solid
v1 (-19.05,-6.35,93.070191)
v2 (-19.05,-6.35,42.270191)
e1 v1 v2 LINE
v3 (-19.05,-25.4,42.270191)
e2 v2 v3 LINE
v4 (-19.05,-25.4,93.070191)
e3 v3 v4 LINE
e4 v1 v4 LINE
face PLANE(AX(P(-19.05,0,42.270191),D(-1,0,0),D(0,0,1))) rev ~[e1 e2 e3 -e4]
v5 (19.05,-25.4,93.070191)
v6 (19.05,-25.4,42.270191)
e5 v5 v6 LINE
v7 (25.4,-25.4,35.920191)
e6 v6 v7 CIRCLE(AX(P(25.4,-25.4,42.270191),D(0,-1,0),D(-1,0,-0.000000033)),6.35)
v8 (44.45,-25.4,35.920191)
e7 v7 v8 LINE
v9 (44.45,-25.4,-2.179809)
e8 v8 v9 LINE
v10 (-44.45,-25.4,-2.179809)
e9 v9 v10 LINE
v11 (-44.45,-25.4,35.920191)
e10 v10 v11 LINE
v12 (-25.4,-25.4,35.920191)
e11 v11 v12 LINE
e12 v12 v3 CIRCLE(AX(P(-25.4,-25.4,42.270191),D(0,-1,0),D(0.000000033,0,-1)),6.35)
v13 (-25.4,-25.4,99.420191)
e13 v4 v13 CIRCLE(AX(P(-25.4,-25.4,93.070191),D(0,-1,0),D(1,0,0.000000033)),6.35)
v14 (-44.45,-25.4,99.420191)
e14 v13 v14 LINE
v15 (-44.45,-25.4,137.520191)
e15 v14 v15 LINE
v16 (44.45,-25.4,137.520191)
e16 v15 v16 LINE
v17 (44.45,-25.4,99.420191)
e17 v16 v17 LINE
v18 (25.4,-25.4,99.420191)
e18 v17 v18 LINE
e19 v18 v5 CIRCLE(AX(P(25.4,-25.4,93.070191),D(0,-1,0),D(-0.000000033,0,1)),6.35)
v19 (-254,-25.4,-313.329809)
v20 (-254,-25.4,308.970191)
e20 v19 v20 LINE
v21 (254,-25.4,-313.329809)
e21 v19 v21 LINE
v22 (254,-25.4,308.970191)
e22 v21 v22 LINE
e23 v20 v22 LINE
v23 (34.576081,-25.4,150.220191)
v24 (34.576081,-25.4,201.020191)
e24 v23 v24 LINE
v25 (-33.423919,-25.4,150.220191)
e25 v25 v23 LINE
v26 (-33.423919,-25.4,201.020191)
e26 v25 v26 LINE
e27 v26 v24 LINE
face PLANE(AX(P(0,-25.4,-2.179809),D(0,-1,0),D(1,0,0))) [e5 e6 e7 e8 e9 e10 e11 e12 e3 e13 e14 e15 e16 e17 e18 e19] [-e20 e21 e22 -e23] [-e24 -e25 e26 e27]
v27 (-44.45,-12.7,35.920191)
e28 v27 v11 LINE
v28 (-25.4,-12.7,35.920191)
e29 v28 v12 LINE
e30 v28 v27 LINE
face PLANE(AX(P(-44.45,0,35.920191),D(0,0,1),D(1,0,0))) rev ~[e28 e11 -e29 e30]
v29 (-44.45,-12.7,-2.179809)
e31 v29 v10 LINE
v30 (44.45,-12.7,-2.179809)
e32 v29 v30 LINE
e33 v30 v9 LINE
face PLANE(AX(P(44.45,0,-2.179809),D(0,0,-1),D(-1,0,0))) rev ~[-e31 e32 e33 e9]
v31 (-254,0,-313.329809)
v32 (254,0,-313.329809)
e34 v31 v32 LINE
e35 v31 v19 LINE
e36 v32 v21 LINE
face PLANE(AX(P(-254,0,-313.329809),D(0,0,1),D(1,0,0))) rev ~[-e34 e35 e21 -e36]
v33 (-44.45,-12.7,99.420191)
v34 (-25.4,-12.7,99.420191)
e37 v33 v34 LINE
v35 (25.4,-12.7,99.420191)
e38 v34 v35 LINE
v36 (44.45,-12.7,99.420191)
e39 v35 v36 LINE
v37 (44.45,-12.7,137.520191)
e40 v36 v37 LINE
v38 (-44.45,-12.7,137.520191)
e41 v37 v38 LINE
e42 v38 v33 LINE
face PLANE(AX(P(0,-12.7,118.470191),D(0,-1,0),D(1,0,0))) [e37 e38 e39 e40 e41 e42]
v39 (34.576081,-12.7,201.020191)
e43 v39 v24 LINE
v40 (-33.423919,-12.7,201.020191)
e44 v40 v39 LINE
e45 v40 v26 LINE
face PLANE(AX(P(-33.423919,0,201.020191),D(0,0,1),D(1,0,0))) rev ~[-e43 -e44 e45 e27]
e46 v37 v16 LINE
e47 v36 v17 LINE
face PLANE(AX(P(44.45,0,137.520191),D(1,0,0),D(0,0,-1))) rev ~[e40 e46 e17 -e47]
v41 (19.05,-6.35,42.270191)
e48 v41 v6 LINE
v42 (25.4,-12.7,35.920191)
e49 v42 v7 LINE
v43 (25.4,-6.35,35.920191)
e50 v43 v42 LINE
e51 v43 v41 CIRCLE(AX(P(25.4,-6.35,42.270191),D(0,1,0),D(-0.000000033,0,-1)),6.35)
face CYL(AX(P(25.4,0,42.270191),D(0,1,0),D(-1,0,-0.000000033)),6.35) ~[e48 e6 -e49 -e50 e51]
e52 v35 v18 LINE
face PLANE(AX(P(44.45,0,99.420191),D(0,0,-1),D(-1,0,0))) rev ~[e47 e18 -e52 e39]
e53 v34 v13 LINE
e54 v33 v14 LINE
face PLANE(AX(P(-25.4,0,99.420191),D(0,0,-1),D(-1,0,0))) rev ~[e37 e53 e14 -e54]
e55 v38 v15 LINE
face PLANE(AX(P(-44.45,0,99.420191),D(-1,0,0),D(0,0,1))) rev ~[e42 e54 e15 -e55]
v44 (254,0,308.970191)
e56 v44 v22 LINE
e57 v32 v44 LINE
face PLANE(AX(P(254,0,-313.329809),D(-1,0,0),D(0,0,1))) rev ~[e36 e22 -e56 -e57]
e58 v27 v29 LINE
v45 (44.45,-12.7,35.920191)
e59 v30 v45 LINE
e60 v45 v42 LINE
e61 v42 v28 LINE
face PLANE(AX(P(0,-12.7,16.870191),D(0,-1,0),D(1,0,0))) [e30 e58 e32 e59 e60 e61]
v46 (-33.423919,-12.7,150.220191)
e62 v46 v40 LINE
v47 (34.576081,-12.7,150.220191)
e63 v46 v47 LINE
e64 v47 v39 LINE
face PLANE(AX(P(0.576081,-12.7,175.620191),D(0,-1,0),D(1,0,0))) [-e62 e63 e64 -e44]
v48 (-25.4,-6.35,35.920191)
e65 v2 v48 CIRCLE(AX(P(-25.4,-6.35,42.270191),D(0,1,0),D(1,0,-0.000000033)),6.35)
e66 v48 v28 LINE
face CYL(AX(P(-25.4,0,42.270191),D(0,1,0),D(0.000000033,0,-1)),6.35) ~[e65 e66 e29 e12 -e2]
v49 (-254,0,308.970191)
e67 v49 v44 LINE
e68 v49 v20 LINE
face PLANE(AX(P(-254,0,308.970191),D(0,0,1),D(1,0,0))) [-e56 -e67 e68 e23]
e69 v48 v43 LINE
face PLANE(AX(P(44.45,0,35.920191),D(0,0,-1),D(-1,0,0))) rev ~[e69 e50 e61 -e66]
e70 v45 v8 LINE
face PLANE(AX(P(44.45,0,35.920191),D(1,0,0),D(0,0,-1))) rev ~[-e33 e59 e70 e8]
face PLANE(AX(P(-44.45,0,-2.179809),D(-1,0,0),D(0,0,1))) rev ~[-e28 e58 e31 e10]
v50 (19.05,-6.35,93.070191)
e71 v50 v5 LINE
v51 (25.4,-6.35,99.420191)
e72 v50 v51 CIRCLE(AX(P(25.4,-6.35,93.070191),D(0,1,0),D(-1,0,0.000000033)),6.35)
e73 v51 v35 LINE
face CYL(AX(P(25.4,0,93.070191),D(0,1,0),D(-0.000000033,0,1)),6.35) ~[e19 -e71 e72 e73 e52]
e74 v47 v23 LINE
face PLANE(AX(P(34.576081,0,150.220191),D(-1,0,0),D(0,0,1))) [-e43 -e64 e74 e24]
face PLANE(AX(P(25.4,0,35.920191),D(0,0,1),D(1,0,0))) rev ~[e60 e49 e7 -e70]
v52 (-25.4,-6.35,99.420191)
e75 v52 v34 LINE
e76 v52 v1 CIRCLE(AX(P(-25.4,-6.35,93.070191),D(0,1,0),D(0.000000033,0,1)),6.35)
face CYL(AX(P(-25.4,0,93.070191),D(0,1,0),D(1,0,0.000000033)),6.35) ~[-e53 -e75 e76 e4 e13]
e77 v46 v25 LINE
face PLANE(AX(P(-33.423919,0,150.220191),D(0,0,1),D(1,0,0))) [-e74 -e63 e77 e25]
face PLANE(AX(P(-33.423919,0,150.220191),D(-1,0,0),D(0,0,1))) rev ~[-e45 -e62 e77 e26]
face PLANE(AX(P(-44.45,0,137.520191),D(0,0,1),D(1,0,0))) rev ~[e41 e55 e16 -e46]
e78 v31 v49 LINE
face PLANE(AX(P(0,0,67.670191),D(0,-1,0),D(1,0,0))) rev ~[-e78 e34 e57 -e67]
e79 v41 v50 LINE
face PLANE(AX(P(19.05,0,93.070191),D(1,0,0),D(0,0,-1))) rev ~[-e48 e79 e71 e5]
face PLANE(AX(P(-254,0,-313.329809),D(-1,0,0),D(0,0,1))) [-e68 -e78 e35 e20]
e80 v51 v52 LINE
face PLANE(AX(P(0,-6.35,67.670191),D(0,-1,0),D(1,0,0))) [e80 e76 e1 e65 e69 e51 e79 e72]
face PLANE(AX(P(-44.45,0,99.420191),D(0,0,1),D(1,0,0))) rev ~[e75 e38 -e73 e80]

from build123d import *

# Parameters (mm, degrees)
F0_W     = 508
F0_H     = 622.3
F0_W_2   = 68
F0_H_2   = 50.8
F1_DEPTH = 25.4
F2_DEPTH = 12.7
F3_DEPTH = 6.35


with BuildPart() as f1:
    # F0 (on Front) → F1 (new body)
    with BuildSketch(Plane.XZ):
        with Locations((0, -2.179809)):
            Rectangle(F0_W, F0_H)
        with BuildLine():
            Line((-44.45, 99.420191), (-44.45, 137.520191))
            Line((-44.45, 137.520191), (44.45, 137.520191))
            Line((44.45, 137.520191), (44.45, 99.420191))
            Line((44.45, 99.420191), (25.4, 99.420191))
            ThreePointArc((25.4, 99.420191), (20.909872, 97.560319), (19.05, 93.070191))
            Line((19.05, 93.070191), (19.05, 42.270191))
            ThreePointArc((19.05, 42.270191), (20.909872, 37.780063), (25.4, 35.920191))
            Line((25.4, 35.920191), (44.45, 35.920191))
            Line((44.45, 35.920191), (44.45, -2.179809))
            Line((44.45, -2.179809), (-44.45, -2.179809))
            Line((-44.45, -2.179809), (-44.45, 35.920191))
            Line((-44.45, 35.920191), (-25.4, 35.920191))
            ThreePointArc((-25.4, 35.920191), (-20.909872, 37.780063), (-19.05, 42.270191))
            Line((-19.05, 42.270191), (-19.05, 93.070191))
            ThreePointArc((-19.05, 93.070191), (-20.909872, 97.560319), (-25.4, 99.420191))
            Line((-25.4, 99.420191), (-44.45, 99.420191))
        make_face(mode=Mode.SUBTRACT)
        with Locations((0.576081, 175.620191)):
            Rectangle(F0_W_2, F0_H_2, mode=Mode.SUBTRACT)
    extrude(amount=F1_DEPTH)

    # F0 (on Front) → F2 (join)
    with BuildSketch(Plane.XZ):
        with Locations((0.576081, 175.620191)):
            Rectangle(F0_W_2, F0_H_2)
        Polygon((44.45, 137.520191), (-44.45, 137.520191), (-44.45, 99.420191), (-25.4, 99.420191), (25.4, 99.420191), (44.45, 99.420191), align=None)
        Polygon((25.4, 35.920191), (-25.4, 35.920191), (-44.45, 35.920191), (-44.45, -2.179809), (44.45, -2.179809), (44.45, 35.920191), align=None)
    extrude(amount=F2_DEPTH)

    # F0 (on Front) → F3 (join)
    with BuildSketch(Plane.XZ):
        with BuildLine():
            Line((25.4, 99.420191), (-25.4, 99.420191))
            ThreePointArc((-25.4, 99.420191), (-20.909872, 97.560319), (-19.05, 93.070191))
            Line((-19.05, 93.070191), (-19.05, 42.270191))
            ThreePointArc((-19.05, 42.270191), (-20.909872, 37.780063), (-25.4, 35.920191))
            Line((-25.4, 35.920191), (25.4, 35.920191))
            ThreePointArc((25.4, 35.920191), (20.909872, 37.780063), (19.05, 42.270191))
            Line((19.05, 42.270191), (19.05, 93.070191))
            ThreePointArc((19.05, 93.070191), (20.909872, 97.560319), (25.4, 99.420191))
        make_face()
    extrude(amount=F3_DEPTH)


solid = f1.part
